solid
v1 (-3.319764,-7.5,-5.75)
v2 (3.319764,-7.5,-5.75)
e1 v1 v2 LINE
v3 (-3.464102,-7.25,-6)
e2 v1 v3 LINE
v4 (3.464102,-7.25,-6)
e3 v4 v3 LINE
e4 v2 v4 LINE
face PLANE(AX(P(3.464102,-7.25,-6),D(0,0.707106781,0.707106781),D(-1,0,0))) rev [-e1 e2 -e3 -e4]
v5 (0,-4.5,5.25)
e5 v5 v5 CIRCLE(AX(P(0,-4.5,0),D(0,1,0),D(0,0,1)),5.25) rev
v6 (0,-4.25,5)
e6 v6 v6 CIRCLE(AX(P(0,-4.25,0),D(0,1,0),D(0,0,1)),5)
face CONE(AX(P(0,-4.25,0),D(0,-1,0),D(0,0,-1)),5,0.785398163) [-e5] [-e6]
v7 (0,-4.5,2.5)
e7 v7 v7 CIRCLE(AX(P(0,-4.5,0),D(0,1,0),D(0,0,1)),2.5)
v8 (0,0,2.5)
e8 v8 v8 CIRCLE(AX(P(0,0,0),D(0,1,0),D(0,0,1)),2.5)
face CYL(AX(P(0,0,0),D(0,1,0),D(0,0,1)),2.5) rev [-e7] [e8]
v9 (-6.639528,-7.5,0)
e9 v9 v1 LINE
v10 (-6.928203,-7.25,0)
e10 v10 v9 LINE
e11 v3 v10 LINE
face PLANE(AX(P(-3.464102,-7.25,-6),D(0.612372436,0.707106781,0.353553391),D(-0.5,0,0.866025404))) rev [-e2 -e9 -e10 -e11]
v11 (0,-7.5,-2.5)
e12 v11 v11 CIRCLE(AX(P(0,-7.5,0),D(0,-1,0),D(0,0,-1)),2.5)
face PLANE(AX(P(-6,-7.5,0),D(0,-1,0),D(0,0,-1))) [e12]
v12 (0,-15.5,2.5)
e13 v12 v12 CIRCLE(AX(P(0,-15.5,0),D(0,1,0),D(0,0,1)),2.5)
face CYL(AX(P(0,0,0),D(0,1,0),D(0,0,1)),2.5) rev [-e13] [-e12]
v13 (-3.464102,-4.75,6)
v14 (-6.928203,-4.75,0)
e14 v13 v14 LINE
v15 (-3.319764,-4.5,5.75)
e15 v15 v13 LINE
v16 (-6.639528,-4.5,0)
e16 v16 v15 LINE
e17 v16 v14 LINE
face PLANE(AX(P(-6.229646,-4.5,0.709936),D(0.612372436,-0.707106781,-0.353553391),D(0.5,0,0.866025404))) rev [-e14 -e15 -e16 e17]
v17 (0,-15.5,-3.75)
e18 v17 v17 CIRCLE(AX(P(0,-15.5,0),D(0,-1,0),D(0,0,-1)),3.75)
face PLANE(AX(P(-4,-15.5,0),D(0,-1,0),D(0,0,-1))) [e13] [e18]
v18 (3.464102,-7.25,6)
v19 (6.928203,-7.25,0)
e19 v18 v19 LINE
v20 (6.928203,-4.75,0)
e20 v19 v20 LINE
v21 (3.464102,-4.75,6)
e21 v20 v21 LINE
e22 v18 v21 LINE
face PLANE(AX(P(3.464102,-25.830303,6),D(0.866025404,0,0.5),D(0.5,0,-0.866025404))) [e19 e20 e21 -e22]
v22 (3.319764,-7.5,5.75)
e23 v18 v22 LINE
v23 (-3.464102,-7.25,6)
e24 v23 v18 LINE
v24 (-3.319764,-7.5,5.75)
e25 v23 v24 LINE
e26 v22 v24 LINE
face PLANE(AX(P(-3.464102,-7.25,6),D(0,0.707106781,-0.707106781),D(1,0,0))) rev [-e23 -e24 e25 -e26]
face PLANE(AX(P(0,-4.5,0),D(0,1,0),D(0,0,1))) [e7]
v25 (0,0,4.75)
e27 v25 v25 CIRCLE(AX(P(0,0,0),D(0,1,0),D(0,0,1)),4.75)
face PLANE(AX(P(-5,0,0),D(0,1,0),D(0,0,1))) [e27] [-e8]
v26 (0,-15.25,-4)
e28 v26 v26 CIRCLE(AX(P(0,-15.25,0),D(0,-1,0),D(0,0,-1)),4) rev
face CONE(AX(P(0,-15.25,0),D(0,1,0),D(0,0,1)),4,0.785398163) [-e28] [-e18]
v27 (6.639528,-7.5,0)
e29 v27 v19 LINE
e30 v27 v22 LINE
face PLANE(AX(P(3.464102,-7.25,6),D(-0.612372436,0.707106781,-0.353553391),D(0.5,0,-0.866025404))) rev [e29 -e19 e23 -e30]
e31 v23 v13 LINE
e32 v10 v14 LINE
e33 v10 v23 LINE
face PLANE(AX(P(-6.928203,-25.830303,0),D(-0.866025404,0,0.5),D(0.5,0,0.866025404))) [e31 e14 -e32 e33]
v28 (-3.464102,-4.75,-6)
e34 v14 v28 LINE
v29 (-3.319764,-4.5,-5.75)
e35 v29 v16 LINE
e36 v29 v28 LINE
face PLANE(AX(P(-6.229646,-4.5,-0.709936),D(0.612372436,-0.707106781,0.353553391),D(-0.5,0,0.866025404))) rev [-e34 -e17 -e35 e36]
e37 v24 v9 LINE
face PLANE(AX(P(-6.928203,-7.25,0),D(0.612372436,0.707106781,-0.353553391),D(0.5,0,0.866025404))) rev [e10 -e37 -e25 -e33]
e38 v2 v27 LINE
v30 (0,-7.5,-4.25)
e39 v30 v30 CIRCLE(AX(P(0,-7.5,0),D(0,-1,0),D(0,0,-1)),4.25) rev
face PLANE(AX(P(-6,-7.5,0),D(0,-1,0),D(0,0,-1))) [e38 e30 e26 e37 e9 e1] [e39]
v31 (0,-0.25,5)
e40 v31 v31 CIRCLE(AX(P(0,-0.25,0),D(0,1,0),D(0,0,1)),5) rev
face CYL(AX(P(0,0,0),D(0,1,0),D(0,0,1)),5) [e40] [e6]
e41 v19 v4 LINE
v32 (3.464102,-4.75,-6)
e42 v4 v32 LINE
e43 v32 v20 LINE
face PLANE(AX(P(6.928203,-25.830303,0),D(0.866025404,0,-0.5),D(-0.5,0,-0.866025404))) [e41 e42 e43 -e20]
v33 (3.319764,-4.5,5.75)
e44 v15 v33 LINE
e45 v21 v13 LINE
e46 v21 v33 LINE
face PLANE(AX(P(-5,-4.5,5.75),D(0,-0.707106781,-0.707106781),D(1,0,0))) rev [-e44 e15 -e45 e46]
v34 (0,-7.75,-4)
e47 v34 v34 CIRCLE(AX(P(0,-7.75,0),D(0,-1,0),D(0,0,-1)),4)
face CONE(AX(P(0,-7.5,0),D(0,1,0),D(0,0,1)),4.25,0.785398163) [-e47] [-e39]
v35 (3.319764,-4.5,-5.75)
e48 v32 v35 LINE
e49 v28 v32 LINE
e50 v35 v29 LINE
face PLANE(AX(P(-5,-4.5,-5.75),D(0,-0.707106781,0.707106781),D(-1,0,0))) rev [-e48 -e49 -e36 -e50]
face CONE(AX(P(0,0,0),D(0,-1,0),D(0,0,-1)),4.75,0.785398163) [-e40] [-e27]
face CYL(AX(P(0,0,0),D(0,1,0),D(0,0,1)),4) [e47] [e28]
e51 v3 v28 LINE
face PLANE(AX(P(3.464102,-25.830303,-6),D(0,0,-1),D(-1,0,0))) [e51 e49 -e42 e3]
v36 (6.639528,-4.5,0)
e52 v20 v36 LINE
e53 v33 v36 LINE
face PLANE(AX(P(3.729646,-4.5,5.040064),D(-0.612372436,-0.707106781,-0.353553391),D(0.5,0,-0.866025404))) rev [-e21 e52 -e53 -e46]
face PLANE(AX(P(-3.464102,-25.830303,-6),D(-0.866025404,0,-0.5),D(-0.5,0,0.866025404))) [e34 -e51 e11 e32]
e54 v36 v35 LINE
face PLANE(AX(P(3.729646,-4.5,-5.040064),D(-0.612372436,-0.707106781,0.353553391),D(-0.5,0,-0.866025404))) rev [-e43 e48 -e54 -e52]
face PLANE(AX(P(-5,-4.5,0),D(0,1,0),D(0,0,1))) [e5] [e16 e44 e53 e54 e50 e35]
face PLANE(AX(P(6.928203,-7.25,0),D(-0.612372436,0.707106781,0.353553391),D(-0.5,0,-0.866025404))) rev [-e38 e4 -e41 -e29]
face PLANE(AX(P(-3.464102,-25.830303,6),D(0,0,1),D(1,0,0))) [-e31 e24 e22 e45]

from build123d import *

# Parameters (mm, degrees)
BOSS_EXTRUDE1_DEPTH = 3
CHAMFER1_SIZE       = 0.25


with BuildPart() as part:
    # Sketch3 → Revolve1 (revolve)
    with BuildSketch(Plane.XY, mode=Mode.PRIVATE) as revolve1_sk:
        Polygon((-5, 0), (-5, -4.5), (-6, -4.5), (-6, -7.5), (-4, -7.5), (-4, -15.5), (-2.5, -15.5), (-2.5, 0), align=None)
    revolve(revolve1_sk.sketch.rotate(Axis((0, 0, 0), (0, -1, 0)), 270), axis=Axis((0, 0, 0), (0, -1, 0)))

    # Sketch4 → Boss-Extrude1 (add)
    with BuildSketch(Plane(origin=(0, -4.5, 0), x_dir=(1, 0, 0), z_dir=(0, 1, 0))):
        Polygon((-3.464101615, 6), (-6.92820323, 0), (-3.464101615, -6), (3.464101615, -6), (6.92820323, 0), (3.464101615, 6), align=None)
    extrude(amount=-BOSS_EXTRUDE1_DEPTH)

    # Chamfer1
    chamfer1_edges = [part.edges().sort_by_distance(p)[0] for p in [
        (0, -4.5, 6),
        (-5.196152423, -4.5, 3),
        (-5.196152423, -4.5, -3),
        (0, -4.5, -6),
        (5.196152423, -4.5, -3),
        (5.196152423, -4.5, 3),
        (-5.196152423, -7.5, -3),
        (-5.196152423, -7.5, 3),
        (0, -7.5, 6),
        (5.196152423, -7.5, 3),
        (5.196152423, -7.5, -3),
        (0, -7.5, -6),
        (0, -15.5, -4),
        (0, -7.5, -4),
        (0, -4.5, -5),
        (0, 0, -5),
    ]]
    chamfer(chamfer1_edges, length=CHAMFER1_SIZE)


solid = part.part
